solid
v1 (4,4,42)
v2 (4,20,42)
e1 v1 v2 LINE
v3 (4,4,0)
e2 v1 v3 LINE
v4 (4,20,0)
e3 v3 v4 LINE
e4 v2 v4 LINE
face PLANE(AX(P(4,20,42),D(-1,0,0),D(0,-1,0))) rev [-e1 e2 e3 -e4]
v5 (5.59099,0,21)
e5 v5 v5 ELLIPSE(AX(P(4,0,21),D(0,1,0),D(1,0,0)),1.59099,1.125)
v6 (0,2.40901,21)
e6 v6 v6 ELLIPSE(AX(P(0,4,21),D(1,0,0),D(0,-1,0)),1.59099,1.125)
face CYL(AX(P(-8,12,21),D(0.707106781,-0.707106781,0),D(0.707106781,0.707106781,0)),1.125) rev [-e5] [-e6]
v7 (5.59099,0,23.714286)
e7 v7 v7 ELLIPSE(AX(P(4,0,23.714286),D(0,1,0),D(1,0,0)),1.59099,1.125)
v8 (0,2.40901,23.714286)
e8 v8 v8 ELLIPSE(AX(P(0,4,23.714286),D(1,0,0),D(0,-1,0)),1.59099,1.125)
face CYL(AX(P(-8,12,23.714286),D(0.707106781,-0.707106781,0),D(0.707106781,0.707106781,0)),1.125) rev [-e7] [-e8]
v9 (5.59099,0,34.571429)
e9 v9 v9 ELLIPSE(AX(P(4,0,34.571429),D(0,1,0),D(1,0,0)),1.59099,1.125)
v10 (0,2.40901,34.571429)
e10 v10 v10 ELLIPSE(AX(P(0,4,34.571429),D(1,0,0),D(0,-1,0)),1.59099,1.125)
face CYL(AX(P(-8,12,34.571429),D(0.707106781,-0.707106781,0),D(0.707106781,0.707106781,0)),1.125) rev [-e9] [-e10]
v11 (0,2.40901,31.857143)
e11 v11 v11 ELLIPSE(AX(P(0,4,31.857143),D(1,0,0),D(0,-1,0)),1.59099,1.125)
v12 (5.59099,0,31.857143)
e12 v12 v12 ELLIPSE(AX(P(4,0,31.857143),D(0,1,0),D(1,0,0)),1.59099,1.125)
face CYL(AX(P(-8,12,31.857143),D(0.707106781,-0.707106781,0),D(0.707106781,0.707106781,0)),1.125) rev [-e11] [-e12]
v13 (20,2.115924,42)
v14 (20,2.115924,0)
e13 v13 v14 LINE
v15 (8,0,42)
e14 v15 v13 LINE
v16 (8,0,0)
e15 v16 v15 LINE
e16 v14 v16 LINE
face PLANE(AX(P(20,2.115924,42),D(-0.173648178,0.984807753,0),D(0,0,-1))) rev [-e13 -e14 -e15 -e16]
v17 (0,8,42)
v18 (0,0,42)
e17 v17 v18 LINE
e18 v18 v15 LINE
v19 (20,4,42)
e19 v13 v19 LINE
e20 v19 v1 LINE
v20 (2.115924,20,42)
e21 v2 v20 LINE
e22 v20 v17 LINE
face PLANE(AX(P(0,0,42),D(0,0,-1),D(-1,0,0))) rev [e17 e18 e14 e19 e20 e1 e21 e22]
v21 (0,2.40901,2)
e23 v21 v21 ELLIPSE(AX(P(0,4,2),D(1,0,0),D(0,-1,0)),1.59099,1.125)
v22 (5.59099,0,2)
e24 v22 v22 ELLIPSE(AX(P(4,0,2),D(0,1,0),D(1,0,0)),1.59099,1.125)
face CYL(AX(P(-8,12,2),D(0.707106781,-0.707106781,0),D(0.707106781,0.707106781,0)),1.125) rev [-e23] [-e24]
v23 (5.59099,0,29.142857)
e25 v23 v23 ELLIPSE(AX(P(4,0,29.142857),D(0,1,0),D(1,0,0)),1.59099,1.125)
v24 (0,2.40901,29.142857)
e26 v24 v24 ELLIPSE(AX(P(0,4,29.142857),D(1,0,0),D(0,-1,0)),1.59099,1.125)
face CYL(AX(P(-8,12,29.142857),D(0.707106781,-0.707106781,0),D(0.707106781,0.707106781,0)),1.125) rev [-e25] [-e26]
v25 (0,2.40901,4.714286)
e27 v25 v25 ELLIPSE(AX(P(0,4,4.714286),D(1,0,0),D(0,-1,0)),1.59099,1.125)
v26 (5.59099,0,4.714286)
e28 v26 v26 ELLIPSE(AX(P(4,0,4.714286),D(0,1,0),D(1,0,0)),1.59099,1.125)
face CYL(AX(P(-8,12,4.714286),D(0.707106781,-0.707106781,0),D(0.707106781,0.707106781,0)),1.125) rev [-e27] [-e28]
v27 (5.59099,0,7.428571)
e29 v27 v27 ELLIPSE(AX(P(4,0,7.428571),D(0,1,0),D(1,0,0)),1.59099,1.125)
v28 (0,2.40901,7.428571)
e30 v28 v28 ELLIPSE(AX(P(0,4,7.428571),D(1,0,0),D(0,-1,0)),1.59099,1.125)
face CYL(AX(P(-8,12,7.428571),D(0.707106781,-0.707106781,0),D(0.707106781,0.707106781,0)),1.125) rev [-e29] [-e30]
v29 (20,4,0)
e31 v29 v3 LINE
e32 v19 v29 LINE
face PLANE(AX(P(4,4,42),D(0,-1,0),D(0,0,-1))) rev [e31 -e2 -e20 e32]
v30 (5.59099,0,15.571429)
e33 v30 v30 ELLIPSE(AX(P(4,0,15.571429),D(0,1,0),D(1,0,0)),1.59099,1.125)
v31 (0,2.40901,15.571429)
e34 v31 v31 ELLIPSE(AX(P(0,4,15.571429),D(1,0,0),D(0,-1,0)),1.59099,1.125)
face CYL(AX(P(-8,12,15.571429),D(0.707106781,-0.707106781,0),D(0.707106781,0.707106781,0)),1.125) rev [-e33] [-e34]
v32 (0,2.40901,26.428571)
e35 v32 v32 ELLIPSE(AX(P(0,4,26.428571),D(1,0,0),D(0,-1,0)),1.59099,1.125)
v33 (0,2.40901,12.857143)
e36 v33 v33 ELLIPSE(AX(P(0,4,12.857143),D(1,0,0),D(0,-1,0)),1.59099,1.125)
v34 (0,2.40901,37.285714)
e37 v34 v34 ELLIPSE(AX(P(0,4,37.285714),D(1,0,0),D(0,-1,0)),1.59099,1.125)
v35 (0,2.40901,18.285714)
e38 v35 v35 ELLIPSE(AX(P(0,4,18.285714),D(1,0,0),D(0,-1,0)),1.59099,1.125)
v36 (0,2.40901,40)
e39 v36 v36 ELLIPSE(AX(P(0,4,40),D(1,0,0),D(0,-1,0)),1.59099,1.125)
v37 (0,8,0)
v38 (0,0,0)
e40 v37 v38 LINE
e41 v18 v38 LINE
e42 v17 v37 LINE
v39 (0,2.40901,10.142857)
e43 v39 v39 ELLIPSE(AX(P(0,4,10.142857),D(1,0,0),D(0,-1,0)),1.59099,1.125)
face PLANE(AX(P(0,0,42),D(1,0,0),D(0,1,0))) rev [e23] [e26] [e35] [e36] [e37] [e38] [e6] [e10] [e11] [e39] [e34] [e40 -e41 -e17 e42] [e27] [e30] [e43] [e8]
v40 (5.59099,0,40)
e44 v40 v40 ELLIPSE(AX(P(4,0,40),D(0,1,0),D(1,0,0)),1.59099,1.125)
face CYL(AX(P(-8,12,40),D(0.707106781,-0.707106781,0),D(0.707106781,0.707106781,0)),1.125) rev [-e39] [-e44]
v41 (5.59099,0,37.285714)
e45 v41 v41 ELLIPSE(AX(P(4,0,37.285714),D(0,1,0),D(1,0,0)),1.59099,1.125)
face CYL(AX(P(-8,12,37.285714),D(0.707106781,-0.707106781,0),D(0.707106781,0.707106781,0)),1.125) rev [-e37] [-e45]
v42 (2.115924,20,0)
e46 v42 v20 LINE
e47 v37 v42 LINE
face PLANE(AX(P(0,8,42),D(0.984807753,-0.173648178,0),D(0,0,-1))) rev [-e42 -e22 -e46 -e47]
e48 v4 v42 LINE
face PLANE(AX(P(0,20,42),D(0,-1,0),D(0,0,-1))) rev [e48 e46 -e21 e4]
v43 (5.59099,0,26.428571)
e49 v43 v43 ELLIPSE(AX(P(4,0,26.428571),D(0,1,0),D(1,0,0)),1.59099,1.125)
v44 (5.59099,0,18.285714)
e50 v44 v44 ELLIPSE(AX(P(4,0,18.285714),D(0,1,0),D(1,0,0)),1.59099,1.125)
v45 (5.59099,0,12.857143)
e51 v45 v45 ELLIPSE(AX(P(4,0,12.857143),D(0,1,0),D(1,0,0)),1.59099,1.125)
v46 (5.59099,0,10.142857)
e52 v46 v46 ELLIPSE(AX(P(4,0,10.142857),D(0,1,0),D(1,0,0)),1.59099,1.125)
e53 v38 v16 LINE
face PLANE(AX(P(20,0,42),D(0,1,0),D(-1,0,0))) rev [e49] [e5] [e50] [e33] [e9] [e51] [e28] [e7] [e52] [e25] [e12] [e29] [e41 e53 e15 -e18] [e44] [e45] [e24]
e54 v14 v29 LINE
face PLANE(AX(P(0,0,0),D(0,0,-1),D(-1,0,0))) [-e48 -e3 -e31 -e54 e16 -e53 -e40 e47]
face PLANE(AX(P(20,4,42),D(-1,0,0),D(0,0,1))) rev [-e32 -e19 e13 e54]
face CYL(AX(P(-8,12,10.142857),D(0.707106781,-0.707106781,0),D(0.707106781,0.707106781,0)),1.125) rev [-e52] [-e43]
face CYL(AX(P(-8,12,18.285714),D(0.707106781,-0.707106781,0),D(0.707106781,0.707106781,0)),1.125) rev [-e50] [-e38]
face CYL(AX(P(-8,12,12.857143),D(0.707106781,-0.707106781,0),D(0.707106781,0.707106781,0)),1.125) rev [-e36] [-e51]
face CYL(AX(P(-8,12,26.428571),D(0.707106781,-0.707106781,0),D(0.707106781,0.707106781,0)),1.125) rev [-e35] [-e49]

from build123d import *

# Parameters (mm, degrees)
BOSS_EXTRUDE1_DEPTH     = 42
CUT_EXTRUDE1_DEPTH      = 51.635955605
CUT_EXTRUDE1_DEPTH_BACK = 51.635955605
SKETCH2_R               = 1.125
CHAMFER1_SIZE           = 12
CHAMFER1_SIZE2          = 2.115923769
CHAMFER2_SIZE           = 12
CHAMFER2_SIZE2          = 2.115923769


with BuildPart() as part:
    # Sketch1 → Boss-Extrude1 (new body)
    with BuildSketch(Plane.XY):
        Polygon((0, 0), (0, 20), (4, 20), (4, 4), (20, 4), (20, 0), align=None)
    extrude(amount=BOSS_EXTRUDE1_DEPTH)

    # Sketch2 → Cut-Extrude1 (cut, two sides: drawn at the far end of the back side and taken through both)
    with BuildSketch(Plane(origin=(0, 0, 0), x_dir=(0, 0, -1), z_dir=(0.7071067811865475, -0.7071067811865477, 0)).offset(-CUT_EXTRUDE1_DEPTH_BACK)):
        with Locations(Location((-40, 2.828427125, 0), (0, 0, 90))):
            Circle(SKETCH2_R)
        with Locations(Location((-37.285714286, 2.828427125, 0), (0, 0, 90))):
            Circle(SKETCH2_R)
        with Locations(Location((-34.571428571, 2.828427125, 0), (0, 0, 90))):
            Circle(SKETCH2_R)
        with Locations(Location((-31.857142857, 2.828427125, 0), (0, 0, 90))):
            Circle(SKETCH2_R)
        with Locations(Location((-29.142857143, 2.828427125, 0), (0, 0, 90))):
            Circle(SKETCH2_R)
        with Locations(Location((-26.428571429, 2.828427125, 0), (0, 0, 90))):
            Circle(SKETCH2_R)
        with Locations(Location((-23.714285714, 2.828427125, 0), (0, 0, 90))):
            Circle(SKETCH2_R)
        with Locations(Location((-21, 2.828427125, 0), (0, 0, 90))):
            Circle(SKETCH2_R)
        with Locations(Location((-18.285714286, 2.828427125, 0), (0, 0, 90))):
            Circle(SKETCH2_R)
        with Locations(Location((-15.571428571, 2.828427125, 0), (0, 0, 90))):
            Circle(SKETCH2_R)
        with Locations(Location((-12.857142857, 2.828427125, 0), (0, 0, 90))):
            Circle(SKETCH2_R)
        with Locations(Location((-10.142857143, 2.828427125, 0), (0, 0, 90))):
            Circle(SKETCH2_R)
        with Locations(Location((-7.428571429, 2.828427125, 0), (0, 0, 90))):
            Circle(SKETCH2_R)
        with Locations(Location((-4.714285714, 2.828427125, 0), (0, 0, 90))):
            Circle(SKETCH2_R)
        with Locations(Location((-2, 2.828427125, 0), (0, 0, 90))):
            Circle(SKETCH2_R)
    extrude(amount=CUT_EXTRUDE1_DEPTH + CUT_EXTRUDE1_DEPTH_BACK, mode=Mode.SUBTRACT)

    # Chamfer1
    chamfer1_edges = [part.edges().sort_by_distance(p)[0] for p in [
        (20, 0, 21),
    ]]
    chamfer1_side = [part.faces().sort_by_distance(p)[0] for p in [
        (10.669713524, 0, 21),
    ]]
    chamfer(chamfer1_edges, length=CHAMFER1_SIZE, length2=CHAMFER1_SIZE2, reference=chamfer1_side[0])

    # Chamfer2
    chamfer2_edges = [part.edges().sort_by_distance(p)[0] for p in [
        (0, 20, 21),
    ]]
    chamfer2_side = [part.faces().sort_by_distance(p)[0] for p in [
        (0, 10.669713524, 21),
    ]]
    chamfer(chamfer2_edges, length=CHAMFER2_SIZE, length2=CHAMFER2_SIZE2, reference=chamfer2_side[0])


solid = part.part
